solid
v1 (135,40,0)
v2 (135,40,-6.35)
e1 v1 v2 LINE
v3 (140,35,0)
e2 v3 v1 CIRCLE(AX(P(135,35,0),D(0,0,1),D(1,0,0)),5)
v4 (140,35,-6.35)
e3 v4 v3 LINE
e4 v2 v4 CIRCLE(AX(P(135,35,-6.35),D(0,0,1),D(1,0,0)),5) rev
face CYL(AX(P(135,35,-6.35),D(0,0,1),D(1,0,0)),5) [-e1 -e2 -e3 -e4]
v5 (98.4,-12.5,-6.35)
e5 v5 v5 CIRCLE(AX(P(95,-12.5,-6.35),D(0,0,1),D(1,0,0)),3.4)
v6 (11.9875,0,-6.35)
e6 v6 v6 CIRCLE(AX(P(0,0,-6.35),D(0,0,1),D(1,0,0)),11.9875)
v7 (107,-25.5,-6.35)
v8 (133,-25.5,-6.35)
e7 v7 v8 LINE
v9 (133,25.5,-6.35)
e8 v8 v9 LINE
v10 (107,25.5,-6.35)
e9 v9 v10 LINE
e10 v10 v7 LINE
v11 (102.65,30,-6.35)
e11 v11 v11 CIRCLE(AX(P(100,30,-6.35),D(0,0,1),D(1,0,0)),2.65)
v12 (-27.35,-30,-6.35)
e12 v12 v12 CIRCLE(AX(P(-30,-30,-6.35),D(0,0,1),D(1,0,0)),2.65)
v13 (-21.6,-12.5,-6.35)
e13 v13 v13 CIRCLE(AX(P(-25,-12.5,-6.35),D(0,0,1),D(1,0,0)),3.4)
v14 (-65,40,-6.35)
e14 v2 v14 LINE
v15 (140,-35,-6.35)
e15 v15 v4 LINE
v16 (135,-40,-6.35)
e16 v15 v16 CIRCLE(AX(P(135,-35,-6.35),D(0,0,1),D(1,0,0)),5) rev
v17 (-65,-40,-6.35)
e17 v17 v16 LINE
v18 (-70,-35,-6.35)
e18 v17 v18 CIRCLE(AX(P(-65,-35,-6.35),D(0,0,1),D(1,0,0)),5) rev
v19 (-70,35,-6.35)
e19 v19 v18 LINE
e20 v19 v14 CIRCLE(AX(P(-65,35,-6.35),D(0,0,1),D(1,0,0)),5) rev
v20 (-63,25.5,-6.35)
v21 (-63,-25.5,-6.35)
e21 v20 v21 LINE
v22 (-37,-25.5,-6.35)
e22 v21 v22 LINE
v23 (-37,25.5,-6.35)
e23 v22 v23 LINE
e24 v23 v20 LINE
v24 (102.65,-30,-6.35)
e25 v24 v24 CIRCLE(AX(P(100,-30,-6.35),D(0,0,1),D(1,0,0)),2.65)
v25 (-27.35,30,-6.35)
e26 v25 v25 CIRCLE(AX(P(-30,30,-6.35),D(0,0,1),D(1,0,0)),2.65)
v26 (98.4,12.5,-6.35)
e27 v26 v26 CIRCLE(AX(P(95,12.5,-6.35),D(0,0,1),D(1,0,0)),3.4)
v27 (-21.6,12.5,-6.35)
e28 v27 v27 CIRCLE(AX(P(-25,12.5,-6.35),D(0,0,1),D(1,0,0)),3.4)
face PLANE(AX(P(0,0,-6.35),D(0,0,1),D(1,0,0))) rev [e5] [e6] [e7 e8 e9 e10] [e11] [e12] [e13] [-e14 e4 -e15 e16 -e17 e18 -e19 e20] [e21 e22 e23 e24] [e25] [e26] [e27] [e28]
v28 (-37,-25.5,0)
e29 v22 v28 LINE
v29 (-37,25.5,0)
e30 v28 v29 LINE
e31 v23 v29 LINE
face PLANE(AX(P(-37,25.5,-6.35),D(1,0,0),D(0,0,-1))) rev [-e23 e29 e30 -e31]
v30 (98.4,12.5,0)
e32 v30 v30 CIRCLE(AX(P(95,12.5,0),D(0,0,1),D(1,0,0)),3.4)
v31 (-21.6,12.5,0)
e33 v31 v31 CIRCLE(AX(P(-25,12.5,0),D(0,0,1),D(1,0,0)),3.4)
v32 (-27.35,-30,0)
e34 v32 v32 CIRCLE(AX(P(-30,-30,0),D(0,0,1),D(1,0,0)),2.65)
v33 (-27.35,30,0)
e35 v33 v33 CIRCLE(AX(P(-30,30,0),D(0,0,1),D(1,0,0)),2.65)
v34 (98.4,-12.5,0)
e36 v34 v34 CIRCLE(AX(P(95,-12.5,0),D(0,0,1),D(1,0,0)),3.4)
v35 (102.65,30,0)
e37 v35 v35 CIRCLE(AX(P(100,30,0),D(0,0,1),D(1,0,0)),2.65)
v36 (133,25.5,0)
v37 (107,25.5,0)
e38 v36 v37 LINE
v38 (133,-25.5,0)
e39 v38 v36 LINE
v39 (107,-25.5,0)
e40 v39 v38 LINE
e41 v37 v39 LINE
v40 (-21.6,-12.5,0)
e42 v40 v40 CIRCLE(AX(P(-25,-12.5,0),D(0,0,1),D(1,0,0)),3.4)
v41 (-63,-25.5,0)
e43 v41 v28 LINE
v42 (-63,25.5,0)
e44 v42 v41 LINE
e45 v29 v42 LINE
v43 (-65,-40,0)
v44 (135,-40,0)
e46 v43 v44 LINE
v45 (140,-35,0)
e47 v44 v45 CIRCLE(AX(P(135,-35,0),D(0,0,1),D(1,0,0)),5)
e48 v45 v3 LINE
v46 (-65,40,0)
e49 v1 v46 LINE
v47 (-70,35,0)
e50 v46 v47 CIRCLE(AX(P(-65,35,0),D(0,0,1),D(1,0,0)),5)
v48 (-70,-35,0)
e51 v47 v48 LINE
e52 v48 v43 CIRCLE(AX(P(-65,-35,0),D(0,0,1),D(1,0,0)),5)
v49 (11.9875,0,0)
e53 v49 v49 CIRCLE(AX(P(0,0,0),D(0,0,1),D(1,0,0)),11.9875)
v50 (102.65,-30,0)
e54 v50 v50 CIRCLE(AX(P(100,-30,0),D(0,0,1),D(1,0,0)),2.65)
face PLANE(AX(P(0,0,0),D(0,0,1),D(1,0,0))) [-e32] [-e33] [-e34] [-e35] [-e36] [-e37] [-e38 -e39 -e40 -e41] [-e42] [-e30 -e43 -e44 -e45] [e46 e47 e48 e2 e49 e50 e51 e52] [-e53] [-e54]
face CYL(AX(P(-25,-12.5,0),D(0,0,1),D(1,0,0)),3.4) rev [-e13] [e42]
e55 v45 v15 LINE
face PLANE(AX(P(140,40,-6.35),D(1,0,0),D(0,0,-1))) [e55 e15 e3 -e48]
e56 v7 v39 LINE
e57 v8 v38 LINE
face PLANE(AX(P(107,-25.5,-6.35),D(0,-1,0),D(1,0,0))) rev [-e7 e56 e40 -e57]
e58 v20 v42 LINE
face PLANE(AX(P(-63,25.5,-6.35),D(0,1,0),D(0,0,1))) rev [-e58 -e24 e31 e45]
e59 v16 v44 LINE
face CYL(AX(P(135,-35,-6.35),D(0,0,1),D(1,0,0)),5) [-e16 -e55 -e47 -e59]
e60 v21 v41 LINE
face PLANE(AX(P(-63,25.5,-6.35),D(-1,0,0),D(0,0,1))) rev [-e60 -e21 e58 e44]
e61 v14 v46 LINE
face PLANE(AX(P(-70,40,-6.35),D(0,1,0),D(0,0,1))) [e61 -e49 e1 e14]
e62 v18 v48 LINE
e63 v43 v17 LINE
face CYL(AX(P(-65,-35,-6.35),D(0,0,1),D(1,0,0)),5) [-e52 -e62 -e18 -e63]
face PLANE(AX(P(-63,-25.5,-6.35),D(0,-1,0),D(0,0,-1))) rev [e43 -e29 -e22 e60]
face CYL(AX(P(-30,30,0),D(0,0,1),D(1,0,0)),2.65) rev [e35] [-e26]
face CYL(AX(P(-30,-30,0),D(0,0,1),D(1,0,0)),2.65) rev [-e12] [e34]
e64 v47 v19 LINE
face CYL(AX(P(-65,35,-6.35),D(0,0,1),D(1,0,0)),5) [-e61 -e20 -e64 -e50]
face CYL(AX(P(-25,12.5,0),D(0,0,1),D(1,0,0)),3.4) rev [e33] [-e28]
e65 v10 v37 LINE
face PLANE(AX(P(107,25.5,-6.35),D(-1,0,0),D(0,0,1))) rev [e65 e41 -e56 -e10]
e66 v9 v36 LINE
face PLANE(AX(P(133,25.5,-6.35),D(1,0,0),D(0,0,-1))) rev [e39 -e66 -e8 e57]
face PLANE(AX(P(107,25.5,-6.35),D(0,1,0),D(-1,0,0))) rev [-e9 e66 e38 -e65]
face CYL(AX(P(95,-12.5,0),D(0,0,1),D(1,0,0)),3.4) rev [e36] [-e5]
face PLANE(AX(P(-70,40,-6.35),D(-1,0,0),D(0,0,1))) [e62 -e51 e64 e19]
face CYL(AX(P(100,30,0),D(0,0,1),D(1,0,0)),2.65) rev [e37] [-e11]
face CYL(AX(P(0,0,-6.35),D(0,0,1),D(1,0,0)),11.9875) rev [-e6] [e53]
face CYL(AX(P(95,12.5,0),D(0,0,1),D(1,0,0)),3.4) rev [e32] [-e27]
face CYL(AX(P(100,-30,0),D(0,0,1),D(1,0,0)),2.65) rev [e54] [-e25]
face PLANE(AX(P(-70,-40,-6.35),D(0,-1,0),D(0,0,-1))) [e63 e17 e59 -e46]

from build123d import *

# Parameters (mm, degrees)
SKETCH1_W                    = 210
SKETCH1_H                    = 80
SKETCH1_R                    = 11.9875
SKETCH1_W_2                  = 26
SKETCH1_H_2                  = 51
BOSS_EXTRUDE1_DEPTH          = 6.35
M5_CLEARANCE_HOLE1_D         = 5.3
FILLET1_R                    = 5
TAP_DRILL_FOR_M8X1_25_TAP1_D = 6.8


with BuildPart() as part:
    # Sketch1 → Boss-Extrude1 (new body)
    with BuildSketch(Plane.XY):
        with Locations((35, 0)):
            Rectangle(SKETCH1_W, SKETCH1_H)
        Circle(SKETCH1_R, mode=Mode.SUBTRACT)
        with Locations((-50, 0)):
            Rectangle(SKETCH1_W_2, SKETCH1_H_2, mode=Mode.SUBTRACT)
        with Locations((120, 0)):
            Rectangle(SKETCH1_W_2, SKETCH1_H_2, mode=Mode.SUBTRACT)
    extrude(amount=-BOSS_EXTRUDE1_DEPTH)

    # M5 Clearance Hole1 (through all)
    with Locations(Plane(origin=(-30, 30, 0), x_dir=(1, 0, 0), z_dir=(0, 0, 1))):
        with Locations((0, 0), (0, -60), (130, -60), (130, 0)):
            Hole(M5_CLEARANCE_HOLE1_D / 2)

    # Fillet1
    fillet1_edges = [part.edges().sort_by_distance(p)[0] for p in [
        (-70, 40, -3.175),
        (140, 40, -3.175),
        (140, -40, -3.175),
        (-70, -40, -3.175),
    ]]
    fillet(fillet1_edges, radius=FILLET1_R)

    # Tap Drill for M8x1.25 Tap1 (through all)
    with Locations(Plane(origin=(-25, 12.5, 0), x_dir=(1, 0, 0), z_dir=(0, 0, 1))):
        with Locations((0, 0), (0, -25), (120, 0), (120, -25)):
            Hole(TAP_DRILL_FOR_M8X1_25_TAP1_D / 2)


solid = part.part
